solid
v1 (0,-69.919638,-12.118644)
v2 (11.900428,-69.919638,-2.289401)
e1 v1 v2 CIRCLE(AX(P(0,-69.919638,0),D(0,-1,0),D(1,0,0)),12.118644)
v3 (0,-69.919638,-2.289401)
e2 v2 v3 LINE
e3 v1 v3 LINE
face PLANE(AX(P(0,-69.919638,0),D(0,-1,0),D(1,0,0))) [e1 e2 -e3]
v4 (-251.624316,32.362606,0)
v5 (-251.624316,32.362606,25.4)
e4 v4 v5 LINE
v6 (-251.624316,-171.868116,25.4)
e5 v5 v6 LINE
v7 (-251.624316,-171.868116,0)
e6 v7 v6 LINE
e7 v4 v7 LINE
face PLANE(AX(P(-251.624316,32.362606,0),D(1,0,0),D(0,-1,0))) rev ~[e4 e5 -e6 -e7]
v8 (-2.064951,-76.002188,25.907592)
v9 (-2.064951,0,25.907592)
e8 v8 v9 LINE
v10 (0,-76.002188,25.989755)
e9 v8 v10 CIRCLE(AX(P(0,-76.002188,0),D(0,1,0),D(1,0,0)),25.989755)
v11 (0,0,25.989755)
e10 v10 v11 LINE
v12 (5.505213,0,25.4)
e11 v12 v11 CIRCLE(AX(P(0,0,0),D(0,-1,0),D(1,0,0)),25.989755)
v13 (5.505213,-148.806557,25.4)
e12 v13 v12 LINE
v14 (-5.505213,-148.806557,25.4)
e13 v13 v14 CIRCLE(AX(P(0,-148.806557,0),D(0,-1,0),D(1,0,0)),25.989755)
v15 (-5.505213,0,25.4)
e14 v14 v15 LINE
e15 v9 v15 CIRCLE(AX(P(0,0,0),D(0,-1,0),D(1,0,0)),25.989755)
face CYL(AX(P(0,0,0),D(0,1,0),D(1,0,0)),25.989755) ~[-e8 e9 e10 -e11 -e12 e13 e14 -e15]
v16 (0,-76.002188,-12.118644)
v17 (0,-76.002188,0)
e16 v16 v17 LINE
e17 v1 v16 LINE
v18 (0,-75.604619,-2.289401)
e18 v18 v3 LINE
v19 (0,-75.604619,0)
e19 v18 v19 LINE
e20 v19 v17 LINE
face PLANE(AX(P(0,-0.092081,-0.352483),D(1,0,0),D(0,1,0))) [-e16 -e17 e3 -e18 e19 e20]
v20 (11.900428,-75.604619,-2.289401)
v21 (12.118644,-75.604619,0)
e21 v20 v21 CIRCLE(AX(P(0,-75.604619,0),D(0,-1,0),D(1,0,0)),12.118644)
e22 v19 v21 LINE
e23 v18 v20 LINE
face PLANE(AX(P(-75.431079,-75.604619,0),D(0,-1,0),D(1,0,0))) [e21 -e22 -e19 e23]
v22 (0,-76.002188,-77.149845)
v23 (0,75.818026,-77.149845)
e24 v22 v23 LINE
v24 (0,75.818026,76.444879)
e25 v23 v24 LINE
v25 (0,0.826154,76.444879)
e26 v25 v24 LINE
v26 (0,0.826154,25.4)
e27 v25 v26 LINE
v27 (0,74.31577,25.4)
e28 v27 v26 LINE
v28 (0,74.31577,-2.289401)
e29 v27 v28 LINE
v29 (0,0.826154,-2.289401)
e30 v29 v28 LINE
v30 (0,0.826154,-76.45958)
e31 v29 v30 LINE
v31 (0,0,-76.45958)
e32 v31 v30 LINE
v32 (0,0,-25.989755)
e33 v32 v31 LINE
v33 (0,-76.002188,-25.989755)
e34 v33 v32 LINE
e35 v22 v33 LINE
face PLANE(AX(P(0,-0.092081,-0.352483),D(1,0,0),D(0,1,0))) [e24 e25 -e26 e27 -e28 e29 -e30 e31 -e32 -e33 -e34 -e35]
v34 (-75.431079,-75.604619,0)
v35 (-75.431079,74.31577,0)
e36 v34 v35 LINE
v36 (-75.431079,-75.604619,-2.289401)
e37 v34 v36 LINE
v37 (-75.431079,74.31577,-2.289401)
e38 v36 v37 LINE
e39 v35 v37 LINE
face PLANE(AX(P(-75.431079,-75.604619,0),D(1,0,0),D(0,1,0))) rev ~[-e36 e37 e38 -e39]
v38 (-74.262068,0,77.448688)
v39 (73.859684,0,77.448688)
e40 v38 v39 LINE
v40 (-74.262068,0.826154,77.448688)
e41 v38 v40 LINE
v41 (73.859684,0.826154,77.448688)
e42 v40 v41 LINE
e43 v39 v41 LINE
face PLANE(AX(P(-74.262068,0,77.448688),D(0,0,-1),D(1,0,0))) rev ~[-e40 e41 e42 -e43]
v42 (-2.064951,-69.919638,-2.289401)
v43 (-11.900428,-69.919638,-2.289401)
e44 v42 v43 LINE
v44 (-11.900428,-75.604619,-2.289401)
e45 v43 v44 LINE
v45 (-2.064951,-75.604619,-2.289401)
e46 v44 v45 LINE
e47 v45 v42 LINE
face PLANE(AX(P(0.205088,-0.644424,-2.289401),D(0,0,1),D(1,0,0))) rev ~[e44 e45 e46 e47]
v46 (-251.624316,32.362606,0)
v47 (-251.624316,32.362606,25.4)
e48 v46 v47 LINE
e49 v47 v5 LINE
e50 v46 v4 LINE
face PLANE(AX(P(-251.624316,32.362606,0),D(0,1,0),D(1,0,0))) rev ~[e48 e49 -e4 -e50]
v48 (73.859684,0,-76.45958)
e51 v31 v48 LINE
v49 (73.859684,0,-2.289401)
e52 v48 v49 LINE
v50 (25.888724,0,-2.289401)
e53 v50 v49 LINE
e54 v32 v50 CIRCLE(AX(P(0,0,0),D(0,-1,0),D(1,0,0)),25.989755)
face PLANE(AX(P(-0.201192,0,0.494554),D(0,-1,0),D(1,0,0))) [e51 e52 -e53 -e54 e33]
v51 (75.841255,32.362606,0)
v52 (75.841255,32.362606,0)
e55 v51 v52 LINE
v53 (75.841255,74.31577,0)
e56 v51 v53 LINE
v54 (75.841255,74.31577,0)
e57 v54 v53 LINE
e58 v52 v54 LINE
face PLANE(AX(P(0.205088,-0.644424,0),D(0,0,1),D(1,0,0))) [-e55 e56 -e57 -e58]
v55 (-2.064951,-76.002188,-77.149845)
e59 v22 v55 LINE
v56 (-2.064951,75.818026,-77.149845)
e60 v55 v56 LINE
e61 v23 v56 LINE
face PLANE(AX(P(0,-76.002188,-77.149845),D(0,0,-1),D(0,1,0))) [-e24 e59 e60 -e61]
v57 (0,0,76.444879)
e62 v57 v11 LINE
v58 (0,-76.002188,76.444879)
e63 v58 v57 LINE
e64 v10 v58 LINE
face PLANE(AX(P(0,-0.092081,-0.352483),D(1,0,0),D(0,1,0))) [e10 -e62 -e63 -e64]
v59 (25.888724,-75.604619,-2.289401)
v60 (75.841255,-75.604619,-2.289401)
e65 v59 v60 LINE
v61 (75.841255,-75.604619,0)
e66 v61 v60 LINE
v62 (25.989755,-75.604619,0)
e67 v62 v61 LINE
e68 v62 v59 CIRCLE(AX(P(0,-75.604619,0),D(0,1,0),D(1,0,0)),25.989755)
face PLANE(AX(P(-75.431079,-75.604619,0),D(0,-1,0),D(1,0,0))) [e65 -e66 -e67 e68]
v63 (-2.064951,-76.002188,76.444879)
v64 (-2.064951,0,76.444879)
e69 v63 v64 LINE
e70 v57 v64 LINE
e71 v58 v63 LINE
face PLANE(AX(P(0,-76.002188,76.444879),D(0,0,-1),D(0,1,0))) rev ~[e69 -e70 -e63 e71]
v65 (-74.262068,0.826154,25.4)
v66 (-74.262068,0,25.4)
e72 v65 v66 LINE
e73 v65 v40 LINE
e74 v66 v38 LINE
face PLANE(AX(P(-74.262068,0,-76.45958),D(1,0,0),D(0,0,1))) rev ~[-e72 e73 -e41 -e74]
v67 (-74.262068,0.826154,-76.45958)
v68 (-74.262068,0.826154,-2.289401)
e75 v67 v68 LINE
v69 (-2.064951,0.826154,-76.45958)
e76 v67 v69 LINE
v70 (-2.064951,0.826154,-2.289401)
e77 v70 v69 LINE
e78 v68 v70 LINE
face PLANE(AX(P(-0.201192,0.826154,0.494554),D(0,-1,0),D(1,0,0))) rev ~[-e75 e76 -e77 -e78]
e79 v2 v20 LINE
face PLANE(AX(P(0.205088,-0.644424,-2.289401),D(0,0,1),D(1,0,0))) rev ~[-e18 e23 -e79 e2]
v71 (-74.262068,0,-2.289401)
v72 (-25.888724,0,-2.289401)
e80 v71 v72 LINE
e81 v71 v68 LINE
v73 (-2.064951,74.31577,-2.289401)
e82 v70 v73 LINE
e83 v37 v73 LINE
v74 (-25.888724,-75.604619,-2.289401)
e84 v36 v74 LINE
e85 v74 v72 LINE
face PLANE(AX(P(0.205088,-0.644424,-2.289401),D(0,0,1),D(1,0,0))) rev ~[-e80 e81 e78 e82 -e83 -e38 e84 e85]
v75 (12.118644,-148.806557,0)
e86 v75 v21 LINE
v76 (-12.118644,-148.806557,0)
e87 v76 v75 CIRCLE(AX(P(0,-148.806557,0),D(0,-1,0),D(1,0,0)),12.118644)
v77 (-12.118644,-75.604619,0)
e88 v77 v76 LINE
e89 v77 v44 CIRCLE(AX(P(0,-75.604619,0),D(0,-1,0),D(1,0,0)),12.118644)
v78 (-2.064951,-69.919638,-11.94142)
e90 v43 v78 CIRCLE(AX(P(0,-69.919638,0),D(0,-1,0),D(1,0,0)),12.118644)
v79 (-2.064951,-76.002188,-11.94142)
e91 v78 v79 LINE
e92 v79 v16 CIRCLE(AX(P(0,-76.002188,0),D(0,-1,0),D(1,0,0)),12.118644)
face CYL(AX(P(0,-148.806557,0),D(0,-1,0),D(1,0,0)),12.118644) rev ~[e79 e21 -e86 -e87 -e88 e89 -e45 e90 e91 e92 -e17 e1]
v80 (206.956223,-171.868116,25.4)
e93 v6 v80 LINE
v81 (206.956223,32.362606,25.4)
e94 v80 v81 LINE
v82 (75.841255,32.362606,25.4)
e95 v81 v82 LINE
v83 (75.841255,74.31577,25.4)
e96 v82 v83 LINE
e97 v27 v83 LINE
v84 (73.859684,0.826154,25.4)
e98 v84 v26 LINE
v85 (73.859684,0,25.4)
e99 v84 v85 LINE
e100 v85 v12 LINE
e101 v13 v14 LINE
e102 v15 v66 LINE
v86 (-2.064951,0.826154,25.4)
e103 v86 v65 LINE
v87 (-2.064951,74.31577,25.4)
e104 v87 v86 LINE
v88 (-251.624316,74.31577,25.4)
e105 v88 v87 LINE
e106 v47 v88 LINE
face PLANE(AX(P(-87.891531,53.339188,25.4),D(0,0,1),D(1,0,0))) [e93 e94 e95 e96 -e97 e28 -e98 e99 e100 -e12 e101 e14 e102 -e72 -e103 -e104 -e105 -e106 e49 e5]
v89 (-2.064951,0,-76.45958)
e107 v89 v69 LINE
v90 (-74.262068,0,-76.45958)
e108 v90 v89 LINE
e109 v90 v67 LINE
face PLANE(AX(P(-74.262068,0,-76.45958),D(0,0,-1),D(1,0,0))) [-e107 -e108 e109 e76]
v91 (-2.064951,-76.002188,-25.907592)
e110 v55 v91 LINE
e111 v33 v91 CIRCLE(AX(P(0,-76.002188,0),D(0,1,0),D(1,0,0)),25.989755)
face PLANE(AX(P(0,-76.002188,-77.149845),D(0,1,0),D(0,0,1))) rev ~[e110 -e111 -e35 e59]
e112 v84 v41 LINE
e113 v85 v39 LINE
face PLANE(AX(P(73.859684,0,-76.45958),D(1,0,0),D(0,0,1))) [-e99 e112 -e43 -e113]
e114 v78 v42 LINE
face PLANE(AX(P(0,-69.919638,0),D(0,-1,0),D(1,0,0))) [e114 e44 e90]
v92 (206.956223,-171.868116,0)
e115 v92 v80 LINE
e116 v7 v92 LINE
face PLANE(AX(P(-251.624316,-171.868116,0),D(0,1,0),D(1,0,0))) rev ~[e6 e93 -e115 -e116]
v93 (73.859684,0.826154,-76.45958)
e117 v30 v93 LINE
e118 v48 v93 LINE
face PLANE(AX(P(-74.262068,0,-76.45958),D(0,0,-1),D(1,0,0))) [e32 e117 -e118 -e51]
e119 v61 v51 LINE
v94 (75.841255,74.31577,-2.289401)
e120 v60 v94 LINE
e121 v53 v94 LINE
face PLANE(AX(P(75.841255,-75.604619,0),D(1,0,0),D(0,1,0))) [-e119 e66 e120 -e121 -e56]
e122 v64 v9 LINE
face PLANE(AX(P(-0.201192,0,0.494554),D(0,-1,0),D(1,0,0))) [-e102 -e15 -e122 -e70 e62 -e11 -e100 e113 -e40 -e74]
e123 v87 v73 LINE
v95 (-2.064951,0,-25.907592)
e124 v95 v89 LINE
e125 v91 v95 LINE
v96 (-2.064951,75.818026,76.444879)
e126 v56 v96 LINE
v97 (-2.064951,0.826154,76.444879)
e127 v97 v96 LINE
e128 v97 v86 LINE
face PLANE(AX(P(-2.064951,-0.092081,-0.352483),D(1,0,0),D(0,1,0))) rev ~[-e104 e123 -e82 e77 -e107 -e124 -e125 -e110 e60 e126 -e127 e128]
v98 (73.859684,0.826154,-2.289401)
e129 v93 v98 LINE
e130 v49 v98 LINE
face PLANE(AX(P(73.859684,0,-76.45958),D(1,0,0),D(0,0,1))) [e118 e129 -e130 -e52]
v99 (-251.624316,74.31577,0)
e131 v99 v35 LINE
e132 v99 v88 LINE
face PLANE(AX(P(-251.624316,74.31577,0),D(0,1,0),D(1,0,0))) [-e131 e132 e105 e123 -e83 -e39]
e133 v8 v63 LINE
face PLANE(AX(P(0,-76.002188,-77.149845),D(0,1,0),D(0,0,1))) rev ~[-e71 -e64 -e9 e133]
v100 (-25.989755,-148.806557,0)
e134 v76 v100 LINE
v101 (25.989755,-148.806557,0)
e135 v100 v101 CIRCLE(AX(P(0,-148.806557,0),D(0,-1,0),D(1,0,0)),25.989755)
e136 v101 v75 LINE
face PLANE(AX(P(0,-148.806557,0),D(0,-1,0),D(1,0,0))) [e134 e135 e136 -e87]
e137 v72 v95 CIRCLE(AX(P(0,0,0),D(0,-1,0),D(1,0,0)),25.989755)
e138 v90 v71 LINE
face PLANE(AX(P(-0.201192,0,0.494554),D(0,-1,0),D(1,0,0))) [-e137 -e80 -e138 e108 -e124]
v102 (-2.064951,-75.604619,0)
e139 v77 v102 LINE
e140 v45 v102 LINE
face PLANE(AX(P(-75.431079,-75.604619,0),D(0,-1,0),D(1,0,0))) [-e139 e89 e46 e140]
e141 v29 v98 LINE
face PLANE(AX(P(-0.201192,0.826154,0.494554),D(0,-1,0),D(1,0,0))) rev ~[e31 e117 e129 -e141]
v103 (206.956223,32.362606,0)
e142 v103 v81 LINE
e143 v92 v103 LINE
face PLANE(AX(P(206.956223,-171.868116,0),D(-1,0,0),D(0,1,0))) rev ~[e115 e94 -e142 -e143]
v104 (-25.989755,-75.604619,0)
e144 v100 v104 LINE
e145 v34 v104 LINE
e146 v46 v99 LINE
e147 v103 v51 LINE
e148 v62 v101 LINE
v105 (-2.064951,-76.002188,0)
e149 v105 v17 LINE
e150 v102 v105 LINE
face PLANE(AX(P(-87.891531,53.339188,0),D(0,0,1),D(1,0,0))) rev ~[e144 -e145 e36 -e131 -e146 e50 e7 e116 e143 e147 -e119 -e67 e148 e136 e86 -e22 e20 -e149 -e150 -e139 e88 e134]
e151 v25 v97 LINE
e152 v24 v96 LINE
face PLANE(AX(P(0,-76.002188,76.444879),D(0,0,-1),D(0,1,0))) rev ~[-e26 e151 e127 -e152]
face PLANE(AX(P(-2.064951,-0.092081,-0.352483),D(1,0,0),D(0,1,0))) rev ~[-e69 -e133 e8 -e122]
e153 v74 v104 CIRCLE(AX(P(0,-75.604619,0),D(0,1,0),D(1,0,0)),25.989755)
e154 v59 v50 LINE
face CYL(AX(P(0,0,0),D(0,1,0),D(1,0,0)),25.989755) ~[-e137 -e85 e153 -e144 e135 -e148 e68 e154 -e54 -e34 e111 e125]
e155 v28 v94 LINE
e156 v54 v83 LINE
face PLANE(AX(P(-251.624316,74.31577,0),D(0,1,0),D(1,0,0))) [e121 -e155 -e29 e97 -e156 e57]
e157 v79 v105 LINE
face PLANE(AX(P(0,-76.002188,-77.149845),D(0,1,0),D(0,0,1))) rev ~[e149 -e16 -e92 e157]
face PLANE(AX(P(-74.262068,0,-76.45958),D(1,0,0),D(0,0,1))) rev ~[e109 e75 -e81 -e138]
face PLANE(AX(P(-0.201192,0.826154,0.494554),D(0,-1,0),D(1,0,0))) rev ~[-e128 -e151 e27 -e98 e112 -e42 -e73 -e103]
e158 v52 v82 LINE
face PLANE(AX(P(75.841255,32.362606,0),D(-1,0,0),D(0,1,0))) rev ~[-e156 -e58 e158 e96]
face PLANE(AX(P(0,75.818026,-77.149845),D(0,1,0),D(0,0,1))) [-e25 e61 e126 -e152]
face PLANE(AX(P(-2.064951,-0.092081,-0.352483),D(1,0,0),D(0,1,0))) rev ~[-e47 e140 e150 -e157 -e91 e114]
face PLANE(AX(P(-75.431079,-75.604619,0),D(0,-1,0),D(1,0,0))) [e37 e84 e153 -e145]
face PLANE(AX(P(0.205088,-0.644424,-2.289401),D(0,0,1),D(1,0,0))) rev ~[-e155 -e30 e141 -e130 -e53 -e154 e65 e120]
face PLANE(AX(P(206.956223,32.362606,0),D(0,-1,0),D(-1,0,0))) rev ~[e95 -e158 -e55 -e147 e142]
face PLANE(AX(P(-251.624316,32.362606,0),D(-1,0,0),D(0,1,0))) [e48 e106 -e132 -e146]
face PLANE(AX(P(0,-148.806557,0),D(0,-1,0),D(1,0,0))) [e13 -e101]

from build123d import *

# Parameters (mm, degrees)
F0_R      = 25.989755
F1_DEPTH  = 148.806557
F2_R      = 12.118644
F3_DEPTH  = 78.886919
F4_R      = 12.50989
F5_DEPTH  = 42.680472
F6_W      = 151.272334
F6_H      = 149.920389
F7_DEPTH  = 2.289401
F8_W      = 151.820213
F8_H      = 153.594725
F9_DEPTH  = 2.064951
F10_W     = 148.121752
F10_H     = 153.908267
F11_DEPTH = 0.826154
F12_W     = 327.465571
F12_H     = 41.953165
F13_DEPTH = 25.4


with BuildPart() as f1:
    # F0 (on Front) → F1 (new body)
    with BuildSketch(Plane.XZ):
        Circle(F0_R)
    extrude(amount=F1_DEPTH)

    # F2 (on face) → F3 (cut)
    with BuildSketch(Plane.XZ.offset(148.806557)):
        Circle(F2_R)
    extrude(amount=-F3_DEPTH, mode=Mode.SUBTRACT)

    # F4 (on face) → F5 (join)
    with BuildSketch(Plane.XZ.offset(69.919638)):
        with Locations((-6.009842, 0)):
            Circle(F4_R)
    extrude(amount=-F5_DEPTH)

    # F6 (on Top) → F7 (join)
    with BuildSketch(Plane.XY):
        with Locations((0.205088, -0.644424)):
            Rectangle(F6_W, F6_H)
    extrude(amount=-F7_DEPTH)

    # F8 (on Right) → F9 (join)
    with BuildSketch(Plane.YZ):
        with Locations((-0.092081, -0.352483)):
            Rectangle(F8_W, F8_H)
    extrude(amount=-F9_DEPTH)

    # F10 (on Front) → F11 (join)
    with BuildSketch(Plane.XZ):
        with Locations((-0.201192, 0.494554)):
            Rectangle(F10_W, F10_H)
    extrude(amount=-F11_DEPTH)

    # F12 (on face) → F13 (join)
    with BuildSketch(Plane.XY):
        with Locations((-87.891531, 53.339188)):
            Rectangle(F12_W, F12_H)
        Polygon((206.956223, 32.362606), (75.841255, 32.362606), (-251.624316, 32.362606), (-251.624316, -171.868116), (206.956223, -171.868116), align=None)
    extrude(amount=F13_DEPTH)


solid = f1.part
